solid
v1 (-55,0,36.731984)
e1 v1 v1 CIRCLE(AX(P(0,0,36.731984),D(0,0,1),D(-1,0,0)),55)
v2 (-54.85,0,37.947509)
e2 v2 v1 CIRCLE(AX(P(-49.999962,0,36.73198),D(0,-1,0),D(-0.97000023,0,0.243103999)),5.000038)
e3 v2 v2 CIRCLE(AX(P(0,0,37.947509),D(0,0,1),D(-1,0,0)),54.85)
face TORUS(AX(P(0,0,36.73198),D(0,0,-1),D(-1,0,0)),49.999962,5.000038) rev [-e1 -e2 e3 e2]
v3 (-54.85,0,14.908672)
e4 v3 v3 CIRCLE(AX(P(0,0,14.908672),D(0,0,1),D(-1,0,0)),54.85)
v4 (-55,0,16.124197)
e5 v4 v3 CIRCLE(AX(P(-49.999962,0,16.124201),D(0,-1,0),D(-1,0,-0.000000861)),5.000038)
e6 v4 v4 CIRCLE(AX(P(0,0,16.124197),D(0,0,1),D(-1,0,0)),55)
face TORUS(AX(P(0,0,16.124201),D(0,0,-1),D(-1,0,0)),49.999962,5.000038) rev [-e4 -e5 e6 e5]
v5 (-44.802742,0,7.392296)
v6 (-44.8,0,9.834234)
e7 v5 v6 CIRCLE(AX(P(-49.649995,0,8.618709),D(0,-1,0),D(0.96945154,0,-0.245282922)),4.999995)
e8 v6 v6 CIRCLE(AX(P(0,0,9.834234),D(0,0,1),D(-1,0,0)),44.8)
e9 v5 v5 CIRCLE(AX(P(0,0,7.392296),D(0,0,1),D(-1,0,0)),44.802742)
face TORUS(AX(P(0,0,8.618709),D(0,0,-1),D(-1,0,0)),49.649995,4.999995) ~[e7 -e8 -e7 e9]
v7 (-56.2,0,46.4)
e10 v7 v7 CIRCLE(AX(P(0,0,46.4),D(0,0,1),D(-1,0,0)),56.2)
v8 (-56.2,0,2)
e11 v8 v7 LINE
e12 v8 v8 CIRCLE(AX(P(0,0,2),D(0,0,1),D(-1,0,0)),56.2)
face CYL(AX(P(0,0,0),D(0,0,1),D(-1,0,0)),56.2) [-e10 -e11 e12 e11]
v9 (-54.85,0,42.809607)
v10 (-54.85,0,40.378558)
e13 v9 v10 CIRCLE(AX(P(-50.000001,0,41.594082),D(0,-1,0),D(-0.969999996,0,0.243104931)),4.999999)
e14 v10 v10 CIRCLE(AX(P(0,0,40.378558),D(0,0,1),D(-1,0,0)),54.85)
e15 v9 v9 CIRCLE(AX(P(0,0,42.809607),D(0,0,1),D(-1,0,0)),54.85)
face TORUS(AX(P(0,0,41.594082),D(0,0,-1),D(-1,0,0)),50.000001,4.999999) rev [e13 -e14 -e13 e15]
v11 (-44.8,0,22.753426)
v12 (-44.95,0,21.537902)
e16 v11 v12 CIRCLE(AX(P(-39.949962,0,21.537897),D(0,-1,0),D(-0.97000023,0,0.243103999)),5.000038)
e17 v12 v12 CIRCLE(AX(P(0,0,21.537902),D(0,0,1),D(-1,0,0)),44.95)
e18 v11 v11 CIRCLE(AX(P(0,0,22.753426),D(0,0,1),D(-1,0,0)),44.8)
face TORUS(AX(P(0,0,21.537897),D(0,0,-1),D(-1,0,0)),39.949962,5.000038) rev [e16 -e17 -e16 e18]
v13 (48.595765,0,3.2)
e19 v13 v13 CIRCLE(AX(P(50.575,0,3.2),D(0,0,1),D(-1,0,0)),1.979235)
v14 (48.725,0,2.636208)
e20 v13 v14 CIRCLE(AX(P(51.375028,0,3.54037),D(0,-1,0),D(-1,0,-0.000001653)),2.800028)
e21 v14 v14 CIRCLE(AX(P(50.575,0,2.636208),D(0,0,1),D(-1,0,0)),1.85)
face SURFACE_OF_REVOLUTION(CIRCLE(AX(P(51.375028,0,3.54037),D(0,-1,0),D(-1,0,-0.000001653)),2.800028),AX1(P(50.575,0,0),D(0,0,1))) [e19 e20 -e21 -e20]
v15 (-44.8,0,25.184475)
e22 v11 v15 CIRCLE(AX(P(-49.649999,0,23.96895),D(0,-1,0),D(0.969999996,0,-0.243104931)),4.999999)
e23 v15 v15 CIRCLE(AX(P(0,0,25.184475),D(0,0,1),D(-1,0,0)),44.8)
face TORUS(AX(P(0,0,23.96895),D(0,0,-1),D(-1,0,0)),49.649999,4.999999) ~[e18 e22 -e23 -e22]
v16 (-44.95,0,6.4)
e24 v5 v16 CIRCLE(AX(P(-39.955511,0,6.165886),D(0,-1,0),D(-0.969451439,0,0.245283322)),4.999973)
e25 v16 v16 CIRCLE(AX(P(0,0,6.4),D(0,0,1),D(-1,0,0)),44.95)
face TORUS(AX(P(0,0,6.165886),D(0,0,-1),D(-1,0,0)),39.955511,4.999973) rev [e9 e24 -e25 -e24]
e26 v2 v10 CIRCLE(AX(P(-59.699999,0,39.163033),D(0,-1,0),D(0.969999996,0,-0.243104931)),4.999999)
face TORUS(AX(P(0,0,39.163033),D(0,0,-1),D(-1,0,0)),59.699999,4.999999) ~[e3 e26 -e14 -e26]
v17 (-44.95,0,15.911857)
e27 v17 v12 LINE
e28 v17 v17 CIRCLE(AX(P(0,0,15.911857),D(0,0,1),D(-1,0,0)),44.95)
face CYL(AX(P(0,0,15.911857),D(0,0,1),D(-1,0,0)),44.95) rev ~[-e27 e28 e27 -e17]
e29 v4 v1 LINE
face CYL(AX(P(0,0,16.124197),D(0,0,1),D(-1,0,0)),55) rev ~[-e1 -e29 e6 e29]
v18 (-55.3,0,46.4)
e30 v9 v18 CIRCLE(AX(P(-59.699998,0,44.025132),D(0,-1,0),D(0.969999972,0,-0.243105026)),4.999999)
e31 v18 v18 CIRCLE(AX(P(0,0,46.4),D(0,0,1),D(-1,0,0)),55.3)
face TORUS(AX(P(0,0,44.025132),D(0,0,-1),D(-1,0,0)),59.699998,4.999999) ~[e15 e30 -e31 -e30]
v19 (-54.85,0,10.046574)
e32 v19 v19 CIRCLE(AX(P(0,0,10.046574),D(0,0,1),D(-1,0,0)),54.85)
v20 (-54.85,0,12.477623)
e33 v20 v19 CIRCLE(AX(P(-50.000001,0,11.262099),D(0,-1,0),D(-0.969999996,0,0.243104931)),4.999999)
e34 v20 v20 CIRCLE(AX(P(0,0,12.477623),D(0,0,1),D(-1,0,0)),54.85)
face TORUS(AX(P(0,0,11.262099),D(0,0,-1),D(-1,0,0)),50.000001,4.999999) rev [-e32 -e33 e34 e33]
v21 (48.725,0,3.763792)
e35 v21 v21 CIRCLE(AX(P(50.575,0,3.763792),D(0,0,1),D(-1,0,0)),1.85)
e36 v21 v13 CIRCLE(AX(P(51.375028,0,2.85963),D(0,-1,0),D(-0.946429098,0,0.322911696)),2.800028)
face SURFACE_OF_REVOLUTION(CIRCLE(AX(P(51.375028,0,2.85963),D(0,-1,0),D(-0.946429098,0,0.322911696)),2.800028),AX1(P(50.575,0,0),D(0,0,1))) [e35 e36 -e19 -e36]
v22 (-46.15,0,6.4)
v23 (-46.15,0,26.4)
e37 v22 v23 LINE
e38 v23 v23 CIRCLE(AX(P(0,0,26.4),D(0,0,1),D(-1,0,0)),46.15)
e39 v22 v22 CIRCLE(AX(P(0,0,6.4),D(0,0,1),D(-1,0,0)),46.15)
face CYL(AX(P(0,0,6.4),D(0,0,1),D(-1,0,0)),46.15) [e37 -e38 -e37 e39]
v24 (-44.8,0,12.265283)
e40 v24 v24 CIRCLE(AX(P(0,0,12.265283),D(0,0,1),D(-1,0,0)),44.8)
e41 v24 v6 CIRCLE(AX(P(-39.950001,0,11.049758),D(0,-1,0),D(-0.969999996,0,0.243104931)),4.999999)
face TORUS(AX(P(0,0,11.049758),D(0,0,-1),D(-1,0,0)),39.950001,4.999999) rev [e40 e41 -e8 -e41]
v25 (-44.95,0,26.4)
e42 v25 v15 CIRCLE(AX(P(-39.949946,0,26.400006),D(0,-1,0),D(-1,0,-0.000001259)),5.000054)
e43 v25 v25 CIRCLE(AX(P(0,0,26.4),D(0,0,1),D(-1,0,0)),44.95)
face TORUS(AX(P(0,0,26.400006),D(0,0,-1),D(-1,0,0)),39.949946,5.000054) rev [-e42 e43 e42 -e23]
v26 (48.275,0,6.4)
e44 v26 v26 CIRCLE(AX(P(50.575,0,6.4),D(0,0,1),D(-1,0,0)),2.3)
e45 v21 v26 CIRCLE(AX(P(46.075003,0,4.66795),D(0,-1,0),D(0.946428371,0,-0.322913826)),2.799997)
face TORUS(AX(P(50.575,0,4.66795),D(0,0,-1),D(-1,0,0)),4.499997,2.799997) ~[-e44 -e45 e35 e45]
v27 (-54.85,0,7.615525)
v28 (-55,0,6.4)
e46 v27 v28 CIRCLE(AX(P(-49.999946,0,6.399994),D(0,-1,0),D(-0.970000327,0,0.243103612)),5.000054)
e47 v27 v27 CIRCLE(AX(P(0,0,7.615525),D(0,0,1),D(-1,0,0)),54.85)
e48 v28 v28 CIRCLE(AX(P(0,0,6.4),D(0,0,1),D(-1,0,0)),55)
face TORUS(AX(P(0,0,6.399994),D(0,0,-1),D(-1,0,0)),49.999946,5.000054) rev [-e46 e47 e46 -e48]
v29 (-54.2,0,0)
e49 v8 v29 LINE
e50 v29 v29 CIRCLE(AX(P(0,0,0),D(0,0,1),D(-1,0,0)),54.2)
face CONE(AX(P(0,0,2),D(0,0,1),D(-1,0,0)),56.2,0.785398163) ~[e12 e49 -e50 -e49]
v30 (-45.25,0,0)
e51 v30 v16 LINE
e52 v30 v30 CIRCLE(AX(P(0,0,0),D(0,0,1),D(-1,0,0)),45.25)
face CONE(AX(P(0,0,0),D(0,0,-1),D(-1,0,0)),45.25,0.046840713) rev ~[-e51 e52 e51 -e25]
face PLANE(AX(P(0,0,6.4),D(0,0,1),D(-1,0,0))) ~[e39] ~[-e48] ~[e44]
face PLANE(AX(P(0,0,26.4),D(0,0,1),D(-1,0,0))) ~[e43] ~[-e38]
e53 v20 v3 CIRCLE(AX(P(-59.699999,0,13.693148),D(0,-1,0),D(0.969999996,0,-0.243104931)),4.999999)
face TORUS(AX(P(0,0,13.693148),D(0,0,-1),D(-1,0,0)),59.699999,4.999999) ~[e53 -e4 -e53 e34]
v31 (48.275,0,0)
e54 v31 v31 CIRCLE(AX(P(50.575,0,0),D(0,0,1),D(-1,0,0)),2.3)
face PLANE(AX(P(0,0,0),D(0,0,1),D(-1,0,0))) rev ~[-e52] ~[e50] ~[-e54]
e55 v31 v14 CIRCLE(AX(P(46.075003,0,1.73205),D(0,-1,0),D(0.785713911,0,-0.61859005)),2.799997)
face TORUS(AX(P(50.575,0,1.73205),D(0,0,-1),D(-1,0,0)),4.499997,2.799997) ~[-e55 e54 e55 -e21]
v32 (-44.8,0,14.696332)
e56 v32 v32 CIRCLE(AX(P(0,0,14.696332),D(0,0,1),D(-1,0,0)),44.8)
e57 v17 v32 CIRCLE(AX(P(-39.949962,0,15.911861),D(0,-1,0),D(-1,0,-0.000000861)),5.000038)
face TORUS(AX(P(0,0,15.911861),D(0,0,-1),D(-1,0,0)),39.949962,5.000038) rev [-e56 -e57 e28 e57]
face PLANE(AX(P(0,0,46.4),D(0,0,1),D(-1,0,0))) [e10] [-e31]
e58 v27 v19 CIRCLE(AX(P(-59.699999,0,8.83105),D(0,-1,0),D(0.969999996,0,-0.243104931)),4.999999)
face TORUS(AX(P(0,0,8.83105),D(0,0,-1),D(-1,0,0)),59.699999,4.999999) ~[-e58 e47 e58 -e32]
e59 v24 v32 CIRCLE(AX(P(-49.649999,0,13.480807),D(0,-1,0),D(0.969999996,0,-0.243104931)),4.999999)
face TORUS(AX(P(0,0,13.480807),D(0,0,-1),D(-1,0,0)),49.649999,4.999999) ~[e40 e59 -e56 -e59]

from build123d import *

# Parameters (mm, degrees)
CHAMFER002_SIZE = 2


with BuildPart() as part:
    # Sketch → Revolution002 (revolve)
    with BuildSketch(Plane.XZ):
        with BuildLine():
            Line((-56.2, 0), (-56.2, 46.4))
            Line((-56.2, 46.4), (-55.3, 46.4))
            ThreePointArc((-54.85, 42.809607), (-54.738815, 44.646939), (-55.3, 46.4))
            ThreePointArc((-54.85, 42.809607), (-55, 41.594082), (-54.85, 40.378558))
            ThreePointArc((-54.85, 37.947509), (-54.7, 39.163033), (-54.85, 40.378558))
            ThreePointArc((-54.85, 37.947509), (-54.962358, 37.344357), (-55, 36.731984))
            Line((-55, 16.124197), (-55, 36.731984))
            ThreePointArc((-55, 16.124197), (-54.962358, 15.511824), (-54.85, 14.908672))
            ThreePointArc((-54.85, 12.477623), (-54.7, 13.693147), (-54.85, 14.908672))
            ThreePointArc((-54.85, 12.477623), (-55, 11.262098), (-54.85, 10.046574))
            ThreePointArc((-54.85, 7.615525), (-54.7, 8.831049), (-54.85, 10.046574))
            ThreePointArc((-54.85, 7.615525), (-54.962358, 7.012372), (-55, 6.4))
            Line((-54.7, 6.4), (-55, 6.4))
            Line((-46.15, 6.4), (-54.7, 6.4))
            Line((-46.15, 6.4), (-46.15, 26.4))
            Line((-44.95, 26.4), (-46.15, 26.4))
            ThreePointArc((-44.95, 26.4), (-44.912358, 25.787628), (-44.8, 25.184475))
            ThreePointArc((-44.8, 22.753426), (-44.65, 23.968951), (-44.8, 25.184475))
            ThreePointArc((-44.8, 22.753426), (-44.912358, 22.150274), (-44.95, 21.537902))
            Line((-44.95, 15.911857), (-44.95, 21.537902))
            ThreePointArc((-44.95, 15.911857), (-44.912358, 15.299484), (-44.8, 14.696332))
            ThreePointArc((-44.8, 12.265283), (-44.65, 13.480808), (-44.8, 14.696332))
            ThreePointArc((-44.8, 12.265283), (-44.95, 11.049759), (-44.8, 9.834234))
            ThreePointArc((-44.802742, 7.392296), (-44.650003, 8.613095), (-44.8, 9.834234))
            ThreePointArc((-44.802742, 7.392296), (-44.90132, 6.89985), (-44.95, 6.4))
            Line((-45.25, 0), (-44.95, 6.4))
            Line((-56.2, 0), (-45.25, 0))
        make_face()
    revolve(axis=Axis((0, 0, 0), (0, 0, 1)))

    # Sketch009 → Groove (revolve, cut)
    with BuildSketch(Plane(origin=(50.575, 0, 0), x_dir=(1, 0, 0), z_dir=(0, -1, 0))):
        with BuildLine():
            Line((-2.3, 6.4), (0, 6.4))
            Line((0, 0), (0, 6.4))
            Line((0, 0), (-2.3, 0))
            ThreePointArc((-2.3, 0), (-1.739923, 1.260906), (-1.85, 2.636208))
            ThreePointArc((-2, 3.540365), (-1.962245, 3.082107), (-1.85, 2.636208))
            Line((-2, 3.540365), (-2, 2.859635))
            ThreePointArc((-1.85, 3.763792), (-1.962245, 3.317893), (-2, 2.859635))
            ThreePointArc((-1.85, 3.763792), (-1.739923, 5.139094), (-2.3, 6.4))
        make_face()
    revolve(axis=Axis((50.575, 0, 0), (0, 0, 1)), mode=Mode.SUBTRACT)

    # Chamfer002
    chamfer002_edges = [part.edges().sort_by_distance(p)[0] for p in [
        (56.2, 0, 0),
    ]]
    chamfer(chamfer002_edges, length=CHAMFER002_SIZE)


solid = part.part
